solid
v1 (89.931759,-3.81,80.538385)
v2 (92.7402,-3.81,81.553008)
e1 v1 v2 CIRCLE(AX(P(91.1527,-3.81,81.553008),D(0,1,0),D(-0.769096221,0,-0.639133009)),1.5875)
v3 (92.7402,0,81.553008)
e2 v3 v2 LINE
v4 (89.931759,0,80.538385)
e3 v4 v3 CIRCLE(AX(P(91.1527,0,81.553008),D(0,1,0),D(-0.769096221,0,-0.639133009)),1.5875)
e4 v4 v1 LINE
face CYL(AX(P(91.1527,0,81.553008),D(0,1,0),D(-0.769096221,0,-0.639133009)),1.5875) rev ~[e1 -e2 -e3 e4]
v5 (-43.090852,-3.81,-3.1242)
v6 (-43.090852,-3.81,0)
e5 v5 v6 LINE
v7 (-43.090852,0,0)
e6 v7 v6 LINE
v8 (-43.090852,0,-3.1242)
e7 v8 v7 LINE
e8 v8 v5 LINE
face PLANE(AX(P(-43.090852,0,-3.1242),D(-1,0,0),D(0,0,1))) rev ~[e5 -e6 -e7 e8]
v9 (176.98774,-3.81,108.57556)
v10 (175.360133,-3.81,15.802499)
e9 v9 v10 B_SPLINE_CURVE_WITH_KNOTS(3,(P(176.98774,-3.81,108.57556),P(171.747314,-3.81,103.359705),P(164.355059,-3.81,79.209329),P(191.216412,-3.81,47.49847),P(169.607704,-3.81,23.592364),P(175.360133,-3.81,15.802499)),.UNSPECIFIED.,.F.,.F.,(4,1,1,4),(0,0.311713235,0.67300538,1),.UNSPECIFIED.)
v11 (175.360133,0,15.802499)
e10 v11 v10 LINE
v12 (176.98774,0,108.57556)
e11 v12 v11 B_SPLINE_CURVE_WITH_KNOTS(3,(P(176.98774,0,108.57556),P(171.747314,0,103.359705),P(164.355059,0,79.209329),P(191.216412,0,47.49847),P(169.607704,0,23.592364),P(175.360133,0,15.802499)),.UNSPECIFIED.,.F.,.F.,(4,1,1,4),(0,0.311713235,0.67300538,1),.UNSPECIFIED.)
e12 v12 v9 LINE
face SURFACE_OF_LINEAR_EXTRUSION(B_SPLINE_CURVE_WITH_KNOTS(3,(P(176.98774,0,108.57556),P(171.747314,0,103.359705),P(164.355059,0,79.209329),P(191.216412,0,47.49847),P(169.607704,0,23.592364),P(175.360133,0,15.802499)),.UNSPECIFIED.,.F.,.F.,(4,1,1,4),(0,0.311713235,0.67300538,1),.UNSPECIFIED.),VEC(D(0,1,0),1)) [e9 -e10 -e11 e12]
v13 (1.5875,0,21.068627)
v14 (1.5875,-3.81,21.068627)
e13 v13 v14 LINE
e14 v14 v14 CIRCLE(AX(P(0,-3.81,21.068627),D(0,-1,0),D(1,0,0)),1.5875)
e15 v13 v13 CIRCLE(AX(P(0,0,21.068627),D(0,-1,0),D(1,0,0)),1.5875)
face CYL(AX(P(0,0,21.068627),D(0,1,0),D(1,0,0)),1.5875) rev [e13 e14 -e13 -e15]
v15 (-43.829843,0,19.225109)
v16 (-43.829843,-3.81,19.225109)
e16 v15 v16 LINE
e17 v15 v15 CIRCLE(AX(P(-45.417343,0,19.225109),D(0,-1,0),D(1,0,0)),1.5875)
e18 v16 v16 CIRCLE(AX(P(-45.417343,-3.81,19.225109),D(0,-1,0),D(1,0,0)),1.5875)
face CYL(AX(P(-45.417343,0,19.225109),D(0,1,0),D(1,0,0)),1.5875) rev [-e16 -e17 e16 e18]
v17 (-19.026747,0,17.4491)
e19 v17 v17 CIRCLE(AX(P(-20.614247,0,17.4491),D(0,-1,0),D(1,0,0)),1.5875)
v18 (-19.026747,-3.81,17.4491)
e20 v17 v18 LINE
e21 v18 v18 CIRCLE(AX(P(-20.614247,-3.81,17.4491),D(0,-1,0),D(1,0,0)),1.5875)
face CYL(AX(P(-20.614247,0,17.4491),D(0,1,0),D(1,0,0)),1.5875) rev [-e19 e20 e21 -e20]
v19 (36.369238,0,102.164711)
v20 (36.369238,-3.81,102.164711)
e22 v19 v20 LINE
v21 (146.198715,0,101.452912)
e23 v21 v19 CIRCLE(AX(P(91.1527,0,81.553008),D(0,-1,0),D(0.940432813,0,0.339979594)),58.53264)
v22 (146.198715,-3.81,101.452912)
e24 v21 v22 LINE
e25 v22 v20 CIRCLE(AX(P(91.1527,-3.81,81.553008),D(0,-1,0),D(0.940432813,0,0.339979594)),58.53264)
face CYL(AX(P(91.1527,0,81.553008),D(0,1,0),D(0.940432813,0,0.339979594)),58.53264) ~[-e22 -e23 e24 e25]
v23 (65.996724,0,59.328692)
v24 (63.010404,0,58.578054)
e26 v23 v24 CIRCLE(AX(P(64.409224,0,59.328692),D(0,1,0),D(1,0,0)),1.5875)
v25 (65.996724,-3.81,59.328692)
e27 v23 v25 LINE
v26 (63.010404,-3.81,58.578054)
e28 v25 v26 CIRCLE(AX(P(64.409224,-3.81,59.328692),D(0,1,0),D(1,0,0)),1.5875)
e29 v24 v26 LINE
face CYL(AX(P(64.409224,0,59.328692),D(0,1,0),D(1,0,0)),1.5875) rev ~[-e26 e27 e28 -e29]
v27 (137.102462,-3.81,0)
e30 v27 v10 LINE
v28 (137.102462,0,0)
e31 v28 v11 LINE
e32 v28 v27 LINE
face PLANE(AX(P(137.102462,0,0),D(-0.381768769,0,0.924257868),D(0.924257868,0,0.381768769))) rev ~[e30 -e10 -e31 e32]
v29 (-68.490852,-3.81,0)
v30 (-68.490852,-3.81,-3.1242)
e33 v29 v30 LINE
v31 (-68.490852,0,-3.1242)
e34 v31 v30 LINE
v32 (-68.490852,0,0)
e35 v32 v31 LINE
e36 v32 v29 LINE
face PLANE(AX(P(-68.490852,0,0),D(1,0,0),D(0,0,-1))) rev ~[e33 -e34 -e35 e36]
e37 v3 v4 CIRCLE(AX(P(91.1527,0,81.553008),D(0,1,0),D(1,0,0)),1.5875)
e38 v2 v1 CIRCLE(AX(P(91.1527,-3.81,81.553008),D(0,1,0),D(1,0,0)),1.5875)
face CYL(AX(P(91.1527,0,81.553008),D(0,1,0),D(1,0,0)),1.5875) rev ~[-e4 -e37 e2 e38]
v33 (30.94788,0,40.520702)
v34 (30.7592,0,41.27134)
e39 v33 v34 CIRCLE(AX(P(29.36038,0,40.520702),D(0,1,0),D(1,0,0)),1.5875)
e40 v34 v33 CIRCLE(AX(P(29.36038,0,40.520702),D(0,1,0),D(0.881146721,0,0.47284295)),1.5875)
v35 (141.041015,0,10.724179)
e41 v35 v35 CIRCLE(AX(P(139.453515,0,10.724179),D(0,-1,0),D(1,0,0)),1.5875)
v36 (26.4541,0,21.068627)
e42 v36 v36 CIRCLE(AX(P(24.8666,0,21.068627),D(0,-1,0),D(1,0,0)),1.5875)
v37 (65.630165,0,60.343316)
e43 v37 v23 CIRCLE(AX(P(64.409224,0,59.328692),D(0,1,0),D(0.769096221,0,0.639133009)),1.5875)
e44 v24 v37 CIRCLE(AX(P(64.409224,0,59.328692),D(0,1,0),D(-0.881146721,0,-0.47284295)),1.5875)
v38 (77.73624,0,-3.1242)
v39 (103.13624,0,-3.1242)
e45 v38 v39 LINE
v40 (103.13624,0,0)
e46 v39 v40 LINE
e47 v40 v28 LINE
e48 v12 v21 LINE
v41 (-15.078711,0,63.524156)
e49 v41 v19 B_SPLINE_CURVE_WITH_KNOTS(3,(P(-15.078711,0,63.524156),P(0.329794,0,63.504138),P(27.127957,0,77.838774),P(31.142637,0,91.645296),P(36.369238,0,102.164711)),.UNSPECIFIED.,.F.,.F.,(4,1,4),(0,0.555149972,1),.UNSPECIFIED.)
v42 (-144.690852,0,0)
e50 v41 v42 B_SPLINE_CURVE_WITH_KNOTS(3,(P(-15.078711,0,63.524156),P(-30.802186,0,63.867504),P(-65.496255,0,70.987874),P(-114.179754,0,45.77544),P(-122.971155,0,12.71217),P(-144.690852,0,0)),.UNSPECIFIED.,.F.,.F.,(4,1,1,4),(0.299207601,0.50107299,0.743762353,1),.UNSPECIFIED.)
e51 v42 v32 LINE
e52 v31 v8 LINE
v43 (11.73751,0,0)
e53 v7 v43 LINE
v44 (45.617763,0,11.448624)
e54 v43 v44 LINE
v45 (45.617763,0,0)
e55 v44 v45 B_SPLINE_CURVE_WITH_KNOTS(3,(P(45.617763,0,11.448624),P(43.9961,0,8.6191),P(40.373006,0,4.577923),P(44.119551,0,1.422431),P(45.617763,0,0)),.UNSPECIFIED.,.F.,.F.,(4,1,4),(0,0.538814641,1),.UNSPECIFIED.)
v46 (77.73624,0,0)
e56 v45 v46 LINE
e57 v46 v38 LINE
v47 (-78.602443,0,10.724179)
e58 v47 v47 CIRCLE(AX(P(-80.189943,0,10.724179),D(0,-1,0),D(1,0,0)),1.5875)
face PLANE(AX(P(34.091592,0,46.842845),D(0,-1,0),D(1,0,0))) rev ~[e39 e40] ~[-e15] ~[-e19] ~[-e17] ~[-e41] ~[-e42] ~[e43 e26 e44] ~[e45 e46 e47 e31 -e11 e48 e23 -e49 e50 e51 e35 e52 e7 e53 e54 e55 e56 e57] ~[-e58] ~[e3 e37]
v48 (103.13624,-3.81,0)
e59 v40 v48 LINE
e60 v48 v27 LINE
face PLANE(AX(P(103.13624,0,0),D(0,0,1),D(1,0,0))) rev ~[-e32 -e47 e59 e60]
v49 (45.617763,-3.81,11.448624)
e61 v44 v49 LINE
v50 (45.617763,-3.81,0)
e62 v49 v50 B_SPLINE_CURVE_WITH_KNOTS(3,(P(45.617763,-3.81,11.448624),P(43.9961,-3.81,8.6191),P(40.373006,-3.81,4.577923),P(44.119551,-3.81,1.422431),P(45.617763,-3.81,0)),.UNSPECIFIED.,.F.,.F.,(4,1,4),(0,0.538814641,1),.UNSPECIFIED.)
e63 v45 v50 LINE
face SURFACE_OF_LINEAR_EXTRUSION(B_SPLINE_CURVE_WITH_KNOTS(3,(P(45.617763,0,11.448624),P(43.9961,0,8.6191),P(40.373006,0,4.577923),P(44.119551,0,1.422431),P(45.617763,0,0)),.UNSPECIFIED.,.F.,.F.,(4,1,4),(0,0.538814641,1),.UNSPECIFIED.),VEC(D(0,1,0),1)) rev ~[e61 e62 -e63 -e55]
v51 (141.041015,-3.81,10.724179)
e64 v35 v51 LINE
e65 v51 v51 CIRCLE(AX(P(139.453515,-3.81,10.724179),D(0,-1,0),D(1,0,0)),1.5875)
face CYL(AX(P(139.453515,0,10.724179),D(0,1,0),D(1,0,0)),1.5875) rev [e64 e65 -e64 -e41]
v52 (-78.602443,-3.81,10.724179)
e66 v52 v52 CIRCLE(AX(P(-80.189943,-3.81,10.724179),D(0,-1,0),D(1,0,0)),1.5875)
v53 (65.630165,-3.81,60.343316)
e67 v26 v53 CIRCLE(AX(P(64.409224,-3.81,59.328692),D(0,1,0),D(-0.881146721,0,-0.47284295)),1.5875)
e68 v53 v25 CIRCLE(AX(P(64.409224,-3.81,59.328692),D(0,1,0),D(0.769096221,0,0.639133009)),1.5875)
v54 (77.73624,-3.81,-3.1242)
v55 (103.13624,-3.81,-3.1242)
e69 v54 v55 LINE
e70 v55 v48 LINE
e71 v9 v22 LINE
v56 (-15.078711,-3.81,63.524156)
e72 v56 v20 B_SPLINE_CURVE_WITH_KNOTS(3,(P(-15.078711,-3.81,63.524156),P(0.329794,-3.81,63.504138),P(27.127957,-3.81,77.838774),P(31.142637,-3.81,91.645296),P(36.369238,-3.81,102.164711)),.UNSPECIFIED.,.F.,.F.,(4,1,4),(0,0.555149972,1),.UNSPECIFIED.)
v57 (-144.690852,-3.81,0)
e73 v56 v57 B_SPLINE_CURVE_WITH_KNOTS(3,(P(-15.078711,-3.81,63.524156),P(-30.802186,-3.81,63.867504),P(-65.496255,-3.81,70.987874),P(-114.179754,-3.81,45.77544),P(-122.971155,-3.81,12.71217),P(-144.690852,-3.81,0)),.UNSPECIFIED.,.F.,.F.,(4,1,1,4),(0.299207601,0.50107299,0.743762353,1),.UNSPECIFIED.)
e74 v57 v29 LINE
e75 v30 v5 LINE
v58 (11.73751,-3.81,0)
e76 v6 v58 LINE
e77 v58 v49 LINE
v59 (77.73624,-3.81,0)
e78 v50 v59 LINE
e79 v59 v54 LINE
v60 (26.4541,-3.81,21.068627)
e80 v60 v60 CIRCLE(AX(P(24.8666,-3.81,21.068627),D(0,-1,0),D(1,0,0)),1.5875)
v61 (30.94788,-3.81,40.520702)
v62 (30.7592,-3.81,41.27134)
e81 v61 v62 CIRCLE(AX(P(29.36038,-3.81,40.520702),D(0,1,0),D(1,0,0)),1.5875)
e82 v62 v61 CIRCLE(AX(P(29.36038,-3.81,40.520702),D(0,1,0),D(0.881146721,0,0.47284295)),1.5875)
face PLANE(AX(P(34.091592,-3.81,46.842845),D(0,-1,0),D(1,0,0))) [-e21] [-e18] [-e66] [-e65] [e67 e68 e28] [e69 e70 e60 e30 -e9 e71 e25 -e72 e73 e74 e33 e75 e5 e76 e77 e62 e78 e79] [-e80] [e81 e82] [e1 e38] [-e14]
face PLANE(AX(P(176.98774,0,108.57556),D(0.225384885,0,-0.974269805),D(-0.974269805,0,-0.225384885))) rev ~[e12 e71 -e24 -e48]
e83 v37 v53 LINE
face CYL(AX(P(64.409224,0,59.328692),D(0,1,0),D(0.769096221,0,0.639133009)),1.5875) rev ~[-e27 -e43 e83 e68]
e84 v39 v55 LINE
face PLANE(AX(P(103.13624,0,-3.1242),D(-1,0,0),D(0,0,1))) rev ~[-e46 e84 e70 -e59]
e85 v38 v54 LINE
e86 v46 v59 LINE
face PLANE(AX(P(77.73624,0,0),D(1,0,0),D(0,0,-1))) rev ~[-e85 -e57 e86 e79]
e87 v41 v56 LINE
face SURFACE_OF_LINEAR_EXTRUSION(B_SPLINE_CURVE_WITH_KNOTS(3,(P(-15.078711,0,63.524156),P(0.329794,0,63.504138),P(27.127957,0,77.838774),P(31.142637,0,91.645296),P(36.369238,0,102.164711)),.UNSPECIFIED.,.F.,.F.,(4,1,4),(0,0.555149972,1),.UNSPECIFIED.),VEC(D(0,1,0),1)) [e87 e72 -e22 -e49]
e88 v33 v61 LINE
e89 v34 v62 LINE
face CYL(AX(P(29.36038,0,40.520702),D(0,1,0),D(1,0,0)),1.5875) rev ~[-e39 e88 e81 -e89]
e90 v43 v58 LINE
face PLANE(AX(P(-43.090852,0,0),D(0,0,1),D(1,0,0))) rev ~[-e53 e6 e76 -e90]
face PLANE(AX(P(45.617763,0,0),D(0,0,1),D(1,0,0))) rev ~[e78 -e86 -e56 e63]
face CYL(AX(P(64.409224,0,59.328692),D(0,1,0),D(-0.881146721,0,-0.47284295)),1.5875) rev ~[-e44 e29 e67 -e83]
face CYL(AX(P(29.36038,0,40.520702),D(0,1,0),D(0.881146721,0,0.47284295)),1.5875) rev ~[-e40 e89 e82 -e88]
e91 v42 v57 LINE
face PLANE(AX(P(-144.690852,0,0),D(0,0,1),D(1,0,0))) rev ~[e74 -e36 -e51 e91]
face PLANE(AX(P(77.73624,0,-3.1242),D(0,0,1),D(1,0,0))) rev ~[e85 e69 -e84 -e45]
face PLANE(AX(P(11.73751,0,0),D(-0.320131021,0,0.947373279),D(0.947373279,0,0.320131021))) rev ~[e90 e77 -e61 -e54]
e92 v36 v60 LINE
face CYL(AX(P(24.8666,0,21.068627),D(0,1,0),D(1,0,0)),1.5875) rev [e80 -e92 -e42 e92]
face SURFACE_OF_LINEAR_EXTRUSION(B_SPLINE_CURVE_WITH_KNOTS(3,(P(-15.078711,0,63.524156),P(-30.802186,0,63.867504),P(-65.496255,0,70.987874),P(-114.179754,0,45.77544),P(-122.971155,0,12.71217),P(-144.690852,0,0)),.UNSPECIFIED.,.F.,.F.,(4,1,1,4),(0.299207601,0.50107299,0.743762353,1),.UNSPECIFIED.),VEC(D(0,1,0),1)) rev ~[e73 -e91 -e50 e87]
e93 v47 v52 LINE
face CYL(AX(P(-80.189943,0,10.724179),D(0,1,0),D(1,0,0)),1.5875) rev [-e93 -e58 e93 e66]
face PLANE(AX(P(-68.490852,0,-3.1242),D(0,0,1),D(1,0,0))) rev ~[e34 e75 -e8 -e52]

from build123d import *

# Parameters (mm, degrees)
F0_R     = 1.5875
F1_DEPTH = 3.81


with BuildPart() as f1:
    # F0 (on Front) → F1 (new body)
    with BuildSketch(Plane.XZ):
        with BuildLine():
            Line((-43.090851702, -3.1242), (-43.090851702, 0))
            Line((-43.090851702, 0), (11.7375096306, 0))
            Line((11.7375096306, 0), (45.617762953, 11.4486236125))
            add(Edge.make_bspline(
                [(45.617762953, 11.4486236125), (43.9961000977, 8.6191003913), (40.3730056188, 4.577922731), (44.1195508196, 1.4224311064), (45.617762953, 0)],
                knots=[0, 0, 0, 0, 0.5388146408, 1, 1, 1, 1], degree=3))
            Line((45.617762953, 0), (77.7362398488, 0))
            Line((77.7362398488, 0), (77.7362398488, -3.1242))
            Line((77.7362398488, -3.1242), (103.1362398488, -3.1242))
            Line((103.1362398488, -3.1242), (103.1362398488, 0))
            Line((103.1362398488, 0), (137.1024620031, 0))
            Line((137.1024620031, 0), (175.3601329191, 15.8024989069))
            add(Edge.make_bspline(
                [(176.9877400097, 108.5755596732), (171.7473141945, 103.3597046798), (164.3550587217, 79.2093285896), (191.2164116111, 47.498469968), (169.6077040725, 23.5923640125), (175.3601329191, 15.8024989069)],
                knots=[0, 0, 0, 0, 0.3117132351, 0.6730053796, 1, 1, 1, 1], degree=3))
            Line((176.9877400097, 108.5755596732), (146.1987151904, 101.452911742))
            ThreePointArc((146.1987151904, 101.452911742), (91.5320388396, 140.0844195098), (36.3692378486, 102.1647111449))
            add(Edge.make_bspline(
                [(-15.078710516, 63.5241562685), (0.3297940237, 63.5041378405), (27.1279570327, 77.8387740817), (31.1426373051, 91.6452955028), (36.3692378486, 102.1647111449)],
                knots=[0, 0, 0, 0, 0.5551499724, 1, 1, 1, 1], degree=3))
            add(Edge.make_bspline(
                [(-15.078710516, 63.5241562685), (-30.8021855302, 63.8675037628), (-65.4962545936, 70.9878737096), (-114.1797542997, 45.7754396965), (-122.9711554478, 12.7121701485), (-144.690851702, 0)],
                knots=[0.2992076009, 0.2992076009, 0.2992076009, 0.2992076009, 0.50107299, 0.7437623527, 1, 1, 1, 1], degree=3))
            Line((-144.690851702, 0), (-68.490851702, 0))
            Line((-68.490851702, 0), (-68.490851702, -3.1242))
            Line((-68.490851702, -3.1242), (-43.090851702, -3.1242))
        make_face()
        with Locations((-80.1899433136, 10.7241785154)):
            Circle(F0_R, mode=Mode.SUBTRACT)
        with Locations((-45.4173433136, 19.2251093046)):
            Circle(F0_R, mode=Mode.SUBTRACT)
        with Locations((-20.6142470102, 17.4490999235)):
            Circle(F0_R, mode=Mode.SUBTRACT)
        with Locations((0, 21.0686270148)):
            Circle(F0_R, mode=Mode.SUBTRACT)
        with Locations((24.8666, 21.0686270148)):
            Circle(F0_R, mode=Mode.SUBTRACT)
        with Locations((139.4535154104, 10.7241785154)):
            Circle(F0_R, mode=Mode.SUBTRACT)
        with BuildLine():
            ThreePointArc((30.7592003997, 41.2713398651), (30.8999876678, 40.90769576), (30.9478799796, 40.5207016819))
            ThreePointArc((30.9478799796, 40.5207016819), (27.8207722914, 40.1337076037), (30.7592003997, 41.2713398651))
        make_face(mode=Mode.SUBTRACT)
        with BuildLine():
            ThreePointArc((65.9967244268, 59.3286920018), (64.796218505, 57.7890843136), (63.0104040067, 58.5780538185))
            ThreePointArc((63.0104040067, 58.5780538185), (63.5221237134, 60.6452057975), (65.6301646769, 60.3433156541))
            ThreePointArc((65.6301646769, 60.3433156541), (65.9022748106, 59.8680961189), (65.9967244268, 59.3286920018))
        make_face(mode=Mode.SUBTRACT)
        with BuildLine():
            ThreePointArc((92.7401996638, 81.553008482), (91.6921037808, 80.0599580982), (89.9317594137, 80.5383848296))
            ThreePointArc((89.9317594137, 80.5383848296), (90.6132955467, 83.0460588657), (92.7401996638, 81.553008482))
        make_face(mode=Mode.SUBTRACT)
    extrude(amount=F1_DEPTH)


solid = f1.part
